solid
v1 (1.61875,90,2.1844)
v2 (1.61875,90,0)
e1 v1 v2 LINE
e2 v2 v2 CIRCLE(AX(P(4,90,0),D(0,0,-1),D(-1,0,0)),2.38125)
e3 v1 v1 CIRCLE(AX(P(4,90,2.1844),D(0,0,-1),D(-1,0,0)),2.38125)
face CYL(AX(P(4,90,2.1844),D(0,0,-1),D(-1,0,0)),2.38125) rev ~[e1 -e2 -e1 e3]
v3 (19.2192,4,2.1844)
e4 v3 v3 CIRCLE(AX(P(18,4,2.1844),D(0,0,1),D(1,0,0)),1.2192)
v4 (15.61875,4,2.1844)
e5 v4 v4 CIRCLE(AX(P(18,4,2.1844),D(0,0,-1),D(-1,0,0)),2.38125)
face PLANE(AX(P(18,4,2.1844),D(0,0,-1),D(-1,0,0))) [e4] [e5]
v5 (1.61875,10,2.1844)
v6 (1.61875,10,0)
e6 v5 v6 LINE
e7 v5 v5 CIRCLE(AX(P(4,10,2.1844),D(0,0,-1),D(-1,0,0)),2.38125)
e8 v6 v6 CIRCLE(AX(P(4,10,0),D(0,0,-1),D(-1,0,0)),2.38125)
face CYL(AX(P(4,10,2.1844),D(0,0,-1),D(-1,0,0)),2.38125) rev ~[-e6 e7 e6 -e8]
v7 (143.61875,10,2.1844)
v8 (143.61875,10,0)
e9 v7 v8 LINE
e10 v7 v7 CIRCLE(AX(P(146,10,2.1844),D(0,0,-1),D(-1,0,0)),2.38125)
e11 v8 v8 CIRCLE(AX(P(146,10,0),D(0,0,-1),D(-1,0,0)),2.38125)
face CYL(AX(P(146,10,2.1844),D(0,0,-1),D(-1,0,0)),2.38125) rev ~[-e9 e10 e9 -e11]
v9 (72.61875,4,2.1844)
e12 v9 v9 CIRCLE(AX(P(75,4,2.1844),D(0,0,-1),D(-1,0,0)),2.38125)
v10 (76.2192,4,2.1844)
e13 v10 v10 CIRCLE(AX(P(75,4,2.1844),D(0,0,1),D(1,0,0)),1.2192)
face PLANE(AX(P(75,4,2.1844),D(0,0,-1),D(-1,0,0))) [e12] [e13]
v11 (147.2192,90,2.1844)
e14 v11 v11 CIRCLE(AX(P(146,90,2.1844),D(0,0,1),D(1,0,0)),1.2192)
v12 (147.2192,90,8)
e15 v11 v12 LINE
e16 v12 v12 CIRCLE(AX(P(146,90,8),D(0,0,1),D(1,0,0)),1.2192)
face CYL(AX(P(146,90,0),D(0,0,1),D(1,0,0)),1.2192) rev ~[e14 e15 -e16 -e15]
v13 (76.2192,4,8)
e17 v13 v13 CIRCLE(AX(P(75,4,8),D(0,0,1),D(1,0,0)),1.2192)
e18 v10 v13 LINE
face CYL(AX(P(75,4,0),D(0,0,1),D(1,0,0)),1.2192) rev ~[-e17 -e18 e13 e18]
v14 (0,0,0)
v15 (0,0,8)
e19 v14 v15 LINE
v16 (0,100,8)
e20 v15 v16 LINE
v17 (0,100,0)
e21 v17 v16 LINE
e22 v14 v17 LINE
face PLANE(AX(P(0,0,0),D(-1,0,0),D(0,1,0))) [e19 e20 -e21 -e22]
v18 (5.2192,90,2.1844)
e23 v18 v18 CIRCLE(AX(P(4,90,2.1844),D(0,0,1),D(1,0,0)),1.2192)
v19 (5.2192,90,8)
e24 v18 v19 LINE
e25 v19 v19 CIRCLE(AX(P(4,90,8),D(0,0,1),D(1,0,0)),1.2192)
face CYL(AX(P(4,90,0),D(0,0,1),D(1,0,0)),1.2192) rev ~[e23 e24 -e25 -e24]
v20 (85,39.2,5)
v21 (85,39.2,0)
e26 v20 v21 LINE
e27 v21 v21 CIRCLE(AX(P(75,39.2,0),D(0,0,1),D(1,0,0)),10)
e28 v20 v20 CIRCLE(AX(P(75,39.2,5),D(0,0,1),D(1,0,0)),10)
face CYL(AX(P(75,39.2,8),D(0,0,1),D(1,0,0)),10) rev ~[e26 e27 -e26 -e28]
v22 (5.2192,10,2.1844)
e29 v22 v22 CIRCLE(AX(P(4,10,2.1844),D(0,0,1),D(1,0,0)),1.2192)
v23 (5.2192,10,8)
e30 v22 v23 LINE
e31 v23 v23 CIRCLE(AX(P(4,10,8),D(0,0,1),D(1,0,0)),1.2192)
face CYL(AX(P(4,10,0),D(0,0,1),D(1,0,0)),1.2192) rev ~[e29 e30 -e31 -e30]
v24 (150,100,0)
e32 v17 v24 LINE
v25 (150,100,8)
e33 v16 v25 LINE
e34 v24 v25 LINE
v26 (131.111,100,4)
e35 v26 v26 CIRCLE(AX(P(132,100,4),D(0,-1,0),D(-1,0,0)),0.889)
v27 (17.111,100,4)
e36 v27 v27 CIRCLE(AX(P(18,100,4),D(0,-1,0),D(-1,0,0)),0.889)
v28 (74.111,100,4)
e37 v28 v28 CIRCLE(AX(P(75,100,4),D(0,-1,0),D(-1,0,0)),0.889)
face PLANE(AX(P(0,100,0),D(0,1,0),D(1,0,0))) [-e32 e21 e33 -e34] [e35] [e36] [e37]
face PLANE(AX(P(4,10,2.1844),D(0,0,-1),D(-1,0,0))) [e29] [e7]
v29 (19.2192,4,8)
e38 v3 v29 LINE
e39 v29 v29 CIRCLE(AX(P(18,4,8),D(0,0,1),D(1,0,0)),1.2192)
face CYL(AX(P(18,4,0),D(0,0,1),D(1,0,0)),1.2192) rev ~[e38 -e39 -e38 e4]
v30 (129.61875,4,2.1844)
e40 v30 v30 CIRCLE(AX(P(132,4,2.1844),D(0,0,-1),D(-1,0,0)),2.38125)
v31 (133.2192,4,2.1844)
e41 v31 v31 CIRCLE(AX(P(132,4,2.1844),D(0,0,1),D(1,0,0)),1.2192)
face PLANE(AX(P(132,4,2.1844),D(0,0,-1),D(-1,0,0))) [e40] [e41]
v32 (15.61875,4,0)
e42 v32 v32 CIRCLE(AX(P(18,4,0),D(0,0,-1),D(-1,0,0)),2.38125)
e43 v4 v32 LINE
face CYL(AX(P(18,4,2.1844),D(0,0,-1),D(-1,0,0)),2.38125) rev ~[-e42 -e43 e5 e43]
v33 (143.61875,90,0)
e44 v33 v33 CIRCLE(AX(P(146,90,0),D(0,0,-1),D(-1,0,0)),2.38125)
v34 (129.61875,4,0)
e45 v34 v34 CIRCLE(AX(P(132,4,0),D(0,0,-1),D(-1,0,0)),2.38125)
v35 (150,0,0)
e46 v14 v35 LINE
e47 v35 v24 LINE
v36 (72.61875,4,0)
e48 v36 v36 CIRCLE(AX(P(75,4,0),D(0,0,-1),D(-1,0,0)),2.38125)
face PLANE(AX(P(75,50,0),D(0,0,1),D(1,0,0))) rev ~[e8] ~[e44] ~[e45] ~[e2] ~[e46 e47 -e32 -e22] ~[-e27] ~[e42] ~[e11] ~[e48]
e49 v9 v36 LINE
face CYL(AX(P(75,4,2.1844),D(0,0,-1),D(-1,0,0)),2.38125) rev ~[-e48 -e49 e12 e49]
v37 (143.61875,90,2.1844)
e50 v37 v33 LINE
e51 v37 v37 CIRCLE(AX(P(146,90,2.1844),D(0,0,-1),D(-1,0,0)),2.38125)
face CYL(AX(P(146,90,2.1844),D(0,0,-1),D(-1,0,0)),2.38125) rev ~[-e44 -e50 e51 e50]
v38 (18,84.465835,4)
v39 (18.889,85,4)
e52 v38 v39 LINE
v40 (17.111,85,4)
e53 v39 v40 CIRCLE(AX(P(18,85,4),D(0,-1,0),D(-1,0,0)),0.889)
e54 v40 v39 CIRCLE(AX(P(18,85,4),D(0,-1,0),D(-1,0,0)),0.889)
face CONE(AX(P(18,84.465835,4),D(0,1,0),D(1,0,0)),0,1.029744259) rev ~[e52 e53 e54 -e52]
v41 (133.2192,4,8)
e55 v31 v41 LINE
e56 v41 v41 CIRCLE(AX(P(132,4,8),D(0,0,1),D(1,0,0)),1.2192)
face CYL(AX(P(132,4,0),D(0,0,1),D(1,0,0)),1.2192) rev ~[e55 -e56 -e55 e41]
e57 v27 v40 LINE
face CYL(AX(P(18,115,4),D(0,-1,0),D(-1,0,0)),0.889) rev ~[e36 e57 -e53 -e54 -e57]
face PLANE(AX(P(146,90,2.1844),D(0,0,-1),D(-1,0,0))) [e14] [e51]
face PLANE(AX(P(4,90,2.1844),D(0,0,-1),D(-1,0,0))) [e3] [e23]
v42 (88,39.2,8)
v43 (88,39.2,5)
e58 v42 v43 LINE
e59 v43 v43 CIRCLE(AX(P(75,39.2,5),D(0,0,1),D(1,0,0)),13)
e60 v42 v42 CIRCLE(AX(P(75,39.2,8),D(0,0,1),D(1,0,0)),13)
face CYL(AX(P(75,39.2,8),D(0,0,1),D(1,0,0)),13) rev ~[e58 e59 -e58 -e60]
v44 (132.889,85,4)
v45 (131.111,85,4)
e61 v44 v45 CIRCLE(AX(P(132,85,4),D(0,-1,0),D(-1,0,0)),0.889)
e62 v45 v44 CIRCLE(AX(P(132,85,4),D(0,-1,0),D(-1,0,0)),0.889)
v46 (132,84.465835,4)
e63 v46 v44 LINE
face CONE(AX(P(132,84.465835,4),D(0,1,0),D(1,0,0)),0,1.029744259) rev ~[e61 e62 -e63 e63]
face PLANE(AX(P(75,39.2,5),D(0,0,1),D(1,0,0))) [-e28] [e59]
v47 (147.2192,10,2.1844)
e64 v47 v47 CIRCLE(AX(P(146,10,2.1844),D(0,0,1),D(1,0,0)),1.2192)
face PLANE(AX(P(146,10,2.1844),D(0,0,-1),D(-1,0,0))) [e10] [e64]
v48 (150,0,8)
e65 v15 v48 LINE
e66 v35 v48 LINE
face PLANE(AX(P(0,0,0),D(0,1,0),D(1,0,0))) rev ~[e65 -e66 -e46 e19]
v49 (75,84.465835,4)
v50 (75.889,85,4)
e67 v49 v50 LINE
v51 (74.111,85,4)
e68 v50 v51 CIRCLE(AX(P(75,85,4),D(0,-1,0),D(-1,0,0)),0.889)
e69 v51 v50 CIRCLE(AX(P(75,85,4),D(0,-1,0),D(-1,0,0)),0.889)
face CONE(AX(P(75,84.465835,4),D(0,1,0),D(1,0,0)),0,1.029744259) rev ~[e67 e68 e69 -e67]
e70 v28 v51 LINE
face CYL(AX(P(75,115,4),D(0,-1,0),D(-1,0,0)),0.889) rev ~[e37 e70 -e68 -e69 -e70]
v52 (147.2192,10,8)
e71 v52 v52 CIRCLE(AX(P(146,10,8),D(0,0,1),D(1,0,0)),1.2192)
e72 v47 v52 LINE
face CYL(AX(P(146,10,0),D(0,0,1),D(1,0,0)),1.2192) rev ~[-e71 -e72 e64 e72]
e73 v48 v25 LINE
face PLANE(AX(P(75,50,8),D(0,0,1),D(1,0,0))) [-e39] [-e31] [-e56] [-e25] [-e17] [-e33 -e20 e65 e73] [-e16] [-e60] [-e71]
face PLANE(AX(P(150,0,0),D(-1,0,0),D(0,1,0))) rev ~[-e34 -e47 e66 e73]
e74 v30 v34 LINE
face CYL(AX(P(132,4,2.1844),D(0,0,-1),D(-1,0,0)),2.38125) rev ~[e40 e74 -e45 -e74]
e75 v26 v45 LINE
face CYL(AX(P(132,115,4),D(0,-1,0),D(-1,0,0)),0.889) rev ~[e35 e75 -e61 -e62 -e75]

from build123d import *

# Parameters (mm, degrees)
SKETCH1_W                                      = 150
SKETCH1_H                                      = 100
BOSS_EXTRUDE1_DEPTH                            = 8
CBORE_FOR_2_SOCKET_HEAD_CAP_SCREW1_D           = 2.4384
CBORE_FOR_2_SOCKET_HEAD_CAP_SCREW1_CBORE_D     = 4.7625
CBORE_FOR_2_SOCKET_HEAD_CAP_SCREW1_CBORE_DEPTH = 2.1844
SKETCH5_R                                      = 10
CUT_EXTRUDE1_DEPTH                             = 9
SKETCH6_R                                      = 13
CUT_EXTRUDE2_DEPTH                             = 3
F_2_56_TAPPED_HOLE1_D                          = 1.778
F_2_56_TAPPED_HOLE1_DEPTH                      = 15
F_2_56_TAPPED_HOLE1_TIP                        = 0.53416509


with BuildPart() as part:
    # Sketch1 → Boss-Extrude1 (new body)
    with BuildSketch(Plane.XY):
        with Locations((75, 50)):
            Rectangle(SKETCH1_W, SKETCH1_H)
    extrude(amount=BOSS_EXTRUDE1_DEPTH)

    # CBORE for #2 Socket Head Cap Screw1 (through all)
    with Locations(Plane(origin=(0, 0, 0), x_dir=(-1, 0, 0), z_dir=(0, 0, -1))):
        with Locations((-132, 4), (-18, 4), (-4, 90), (-146, 90), (-146, 10), (-4, 10), (-75, 4)):
            CounterBoreHole(CBORE_FOR_2_SOCKET_HEAD_CAP_SCREW1_D / 2, CBORE_FOR_2_SOCKET_HEAD_CAP_SCREW1_CBORE_D / 2, CBORE_FOR_2_SOCKET_HEAD_CAP_SCREW1_CBORE_DEPTH)

    # Sketch5 → Cut-Extrude1 (cut, through all)
    with BuildSketch(Plane.XY.offset(8)):
        with Locations((75, 39.2)):
            Circle(SKETCH5_R)
    extrude(amount=-CUT_EXTRUDE1_DEPTH, mode=Mode.SUBTRACT)

    # Sketch6 → Cut-Extrude2 (cut)
    with BuildSketch(Plane.XY.offset(8)):
        with Locations((75, 39.2)):
            Circle(SKETCH6_R)
    extrude(amount=-CUT_EXTRUDE2_DEPTH, mode=Mode.SUBTRACT)

    # #2-56 Tapped Hole1
    with Locations(Plane(origin=(0, 100, 0), x_dir=(1, 0, 0), z_dir=(0, 1, 0))):
        with Locations((18, -4), (75, -4), (132, -4)):
            Hole(F_2_56_TAPPED_HOLE1_D / 2, depth=F_2_56_TAPPED_HOLE1_DEPTH)
            with Locations((0, 0, -(F_2_56_TAPPED_HOLE1_DEPTH + F_2_56_TAPPED_HOLE1_TIP / 2))):  # 118° drill point
                Cone(0, F_2_56_TAPPED_HOLE1_D / 2, F_2_56_TAPPED_HOLE1_TIP, mode=Mode.SUBTRACT)


solid = part.part
